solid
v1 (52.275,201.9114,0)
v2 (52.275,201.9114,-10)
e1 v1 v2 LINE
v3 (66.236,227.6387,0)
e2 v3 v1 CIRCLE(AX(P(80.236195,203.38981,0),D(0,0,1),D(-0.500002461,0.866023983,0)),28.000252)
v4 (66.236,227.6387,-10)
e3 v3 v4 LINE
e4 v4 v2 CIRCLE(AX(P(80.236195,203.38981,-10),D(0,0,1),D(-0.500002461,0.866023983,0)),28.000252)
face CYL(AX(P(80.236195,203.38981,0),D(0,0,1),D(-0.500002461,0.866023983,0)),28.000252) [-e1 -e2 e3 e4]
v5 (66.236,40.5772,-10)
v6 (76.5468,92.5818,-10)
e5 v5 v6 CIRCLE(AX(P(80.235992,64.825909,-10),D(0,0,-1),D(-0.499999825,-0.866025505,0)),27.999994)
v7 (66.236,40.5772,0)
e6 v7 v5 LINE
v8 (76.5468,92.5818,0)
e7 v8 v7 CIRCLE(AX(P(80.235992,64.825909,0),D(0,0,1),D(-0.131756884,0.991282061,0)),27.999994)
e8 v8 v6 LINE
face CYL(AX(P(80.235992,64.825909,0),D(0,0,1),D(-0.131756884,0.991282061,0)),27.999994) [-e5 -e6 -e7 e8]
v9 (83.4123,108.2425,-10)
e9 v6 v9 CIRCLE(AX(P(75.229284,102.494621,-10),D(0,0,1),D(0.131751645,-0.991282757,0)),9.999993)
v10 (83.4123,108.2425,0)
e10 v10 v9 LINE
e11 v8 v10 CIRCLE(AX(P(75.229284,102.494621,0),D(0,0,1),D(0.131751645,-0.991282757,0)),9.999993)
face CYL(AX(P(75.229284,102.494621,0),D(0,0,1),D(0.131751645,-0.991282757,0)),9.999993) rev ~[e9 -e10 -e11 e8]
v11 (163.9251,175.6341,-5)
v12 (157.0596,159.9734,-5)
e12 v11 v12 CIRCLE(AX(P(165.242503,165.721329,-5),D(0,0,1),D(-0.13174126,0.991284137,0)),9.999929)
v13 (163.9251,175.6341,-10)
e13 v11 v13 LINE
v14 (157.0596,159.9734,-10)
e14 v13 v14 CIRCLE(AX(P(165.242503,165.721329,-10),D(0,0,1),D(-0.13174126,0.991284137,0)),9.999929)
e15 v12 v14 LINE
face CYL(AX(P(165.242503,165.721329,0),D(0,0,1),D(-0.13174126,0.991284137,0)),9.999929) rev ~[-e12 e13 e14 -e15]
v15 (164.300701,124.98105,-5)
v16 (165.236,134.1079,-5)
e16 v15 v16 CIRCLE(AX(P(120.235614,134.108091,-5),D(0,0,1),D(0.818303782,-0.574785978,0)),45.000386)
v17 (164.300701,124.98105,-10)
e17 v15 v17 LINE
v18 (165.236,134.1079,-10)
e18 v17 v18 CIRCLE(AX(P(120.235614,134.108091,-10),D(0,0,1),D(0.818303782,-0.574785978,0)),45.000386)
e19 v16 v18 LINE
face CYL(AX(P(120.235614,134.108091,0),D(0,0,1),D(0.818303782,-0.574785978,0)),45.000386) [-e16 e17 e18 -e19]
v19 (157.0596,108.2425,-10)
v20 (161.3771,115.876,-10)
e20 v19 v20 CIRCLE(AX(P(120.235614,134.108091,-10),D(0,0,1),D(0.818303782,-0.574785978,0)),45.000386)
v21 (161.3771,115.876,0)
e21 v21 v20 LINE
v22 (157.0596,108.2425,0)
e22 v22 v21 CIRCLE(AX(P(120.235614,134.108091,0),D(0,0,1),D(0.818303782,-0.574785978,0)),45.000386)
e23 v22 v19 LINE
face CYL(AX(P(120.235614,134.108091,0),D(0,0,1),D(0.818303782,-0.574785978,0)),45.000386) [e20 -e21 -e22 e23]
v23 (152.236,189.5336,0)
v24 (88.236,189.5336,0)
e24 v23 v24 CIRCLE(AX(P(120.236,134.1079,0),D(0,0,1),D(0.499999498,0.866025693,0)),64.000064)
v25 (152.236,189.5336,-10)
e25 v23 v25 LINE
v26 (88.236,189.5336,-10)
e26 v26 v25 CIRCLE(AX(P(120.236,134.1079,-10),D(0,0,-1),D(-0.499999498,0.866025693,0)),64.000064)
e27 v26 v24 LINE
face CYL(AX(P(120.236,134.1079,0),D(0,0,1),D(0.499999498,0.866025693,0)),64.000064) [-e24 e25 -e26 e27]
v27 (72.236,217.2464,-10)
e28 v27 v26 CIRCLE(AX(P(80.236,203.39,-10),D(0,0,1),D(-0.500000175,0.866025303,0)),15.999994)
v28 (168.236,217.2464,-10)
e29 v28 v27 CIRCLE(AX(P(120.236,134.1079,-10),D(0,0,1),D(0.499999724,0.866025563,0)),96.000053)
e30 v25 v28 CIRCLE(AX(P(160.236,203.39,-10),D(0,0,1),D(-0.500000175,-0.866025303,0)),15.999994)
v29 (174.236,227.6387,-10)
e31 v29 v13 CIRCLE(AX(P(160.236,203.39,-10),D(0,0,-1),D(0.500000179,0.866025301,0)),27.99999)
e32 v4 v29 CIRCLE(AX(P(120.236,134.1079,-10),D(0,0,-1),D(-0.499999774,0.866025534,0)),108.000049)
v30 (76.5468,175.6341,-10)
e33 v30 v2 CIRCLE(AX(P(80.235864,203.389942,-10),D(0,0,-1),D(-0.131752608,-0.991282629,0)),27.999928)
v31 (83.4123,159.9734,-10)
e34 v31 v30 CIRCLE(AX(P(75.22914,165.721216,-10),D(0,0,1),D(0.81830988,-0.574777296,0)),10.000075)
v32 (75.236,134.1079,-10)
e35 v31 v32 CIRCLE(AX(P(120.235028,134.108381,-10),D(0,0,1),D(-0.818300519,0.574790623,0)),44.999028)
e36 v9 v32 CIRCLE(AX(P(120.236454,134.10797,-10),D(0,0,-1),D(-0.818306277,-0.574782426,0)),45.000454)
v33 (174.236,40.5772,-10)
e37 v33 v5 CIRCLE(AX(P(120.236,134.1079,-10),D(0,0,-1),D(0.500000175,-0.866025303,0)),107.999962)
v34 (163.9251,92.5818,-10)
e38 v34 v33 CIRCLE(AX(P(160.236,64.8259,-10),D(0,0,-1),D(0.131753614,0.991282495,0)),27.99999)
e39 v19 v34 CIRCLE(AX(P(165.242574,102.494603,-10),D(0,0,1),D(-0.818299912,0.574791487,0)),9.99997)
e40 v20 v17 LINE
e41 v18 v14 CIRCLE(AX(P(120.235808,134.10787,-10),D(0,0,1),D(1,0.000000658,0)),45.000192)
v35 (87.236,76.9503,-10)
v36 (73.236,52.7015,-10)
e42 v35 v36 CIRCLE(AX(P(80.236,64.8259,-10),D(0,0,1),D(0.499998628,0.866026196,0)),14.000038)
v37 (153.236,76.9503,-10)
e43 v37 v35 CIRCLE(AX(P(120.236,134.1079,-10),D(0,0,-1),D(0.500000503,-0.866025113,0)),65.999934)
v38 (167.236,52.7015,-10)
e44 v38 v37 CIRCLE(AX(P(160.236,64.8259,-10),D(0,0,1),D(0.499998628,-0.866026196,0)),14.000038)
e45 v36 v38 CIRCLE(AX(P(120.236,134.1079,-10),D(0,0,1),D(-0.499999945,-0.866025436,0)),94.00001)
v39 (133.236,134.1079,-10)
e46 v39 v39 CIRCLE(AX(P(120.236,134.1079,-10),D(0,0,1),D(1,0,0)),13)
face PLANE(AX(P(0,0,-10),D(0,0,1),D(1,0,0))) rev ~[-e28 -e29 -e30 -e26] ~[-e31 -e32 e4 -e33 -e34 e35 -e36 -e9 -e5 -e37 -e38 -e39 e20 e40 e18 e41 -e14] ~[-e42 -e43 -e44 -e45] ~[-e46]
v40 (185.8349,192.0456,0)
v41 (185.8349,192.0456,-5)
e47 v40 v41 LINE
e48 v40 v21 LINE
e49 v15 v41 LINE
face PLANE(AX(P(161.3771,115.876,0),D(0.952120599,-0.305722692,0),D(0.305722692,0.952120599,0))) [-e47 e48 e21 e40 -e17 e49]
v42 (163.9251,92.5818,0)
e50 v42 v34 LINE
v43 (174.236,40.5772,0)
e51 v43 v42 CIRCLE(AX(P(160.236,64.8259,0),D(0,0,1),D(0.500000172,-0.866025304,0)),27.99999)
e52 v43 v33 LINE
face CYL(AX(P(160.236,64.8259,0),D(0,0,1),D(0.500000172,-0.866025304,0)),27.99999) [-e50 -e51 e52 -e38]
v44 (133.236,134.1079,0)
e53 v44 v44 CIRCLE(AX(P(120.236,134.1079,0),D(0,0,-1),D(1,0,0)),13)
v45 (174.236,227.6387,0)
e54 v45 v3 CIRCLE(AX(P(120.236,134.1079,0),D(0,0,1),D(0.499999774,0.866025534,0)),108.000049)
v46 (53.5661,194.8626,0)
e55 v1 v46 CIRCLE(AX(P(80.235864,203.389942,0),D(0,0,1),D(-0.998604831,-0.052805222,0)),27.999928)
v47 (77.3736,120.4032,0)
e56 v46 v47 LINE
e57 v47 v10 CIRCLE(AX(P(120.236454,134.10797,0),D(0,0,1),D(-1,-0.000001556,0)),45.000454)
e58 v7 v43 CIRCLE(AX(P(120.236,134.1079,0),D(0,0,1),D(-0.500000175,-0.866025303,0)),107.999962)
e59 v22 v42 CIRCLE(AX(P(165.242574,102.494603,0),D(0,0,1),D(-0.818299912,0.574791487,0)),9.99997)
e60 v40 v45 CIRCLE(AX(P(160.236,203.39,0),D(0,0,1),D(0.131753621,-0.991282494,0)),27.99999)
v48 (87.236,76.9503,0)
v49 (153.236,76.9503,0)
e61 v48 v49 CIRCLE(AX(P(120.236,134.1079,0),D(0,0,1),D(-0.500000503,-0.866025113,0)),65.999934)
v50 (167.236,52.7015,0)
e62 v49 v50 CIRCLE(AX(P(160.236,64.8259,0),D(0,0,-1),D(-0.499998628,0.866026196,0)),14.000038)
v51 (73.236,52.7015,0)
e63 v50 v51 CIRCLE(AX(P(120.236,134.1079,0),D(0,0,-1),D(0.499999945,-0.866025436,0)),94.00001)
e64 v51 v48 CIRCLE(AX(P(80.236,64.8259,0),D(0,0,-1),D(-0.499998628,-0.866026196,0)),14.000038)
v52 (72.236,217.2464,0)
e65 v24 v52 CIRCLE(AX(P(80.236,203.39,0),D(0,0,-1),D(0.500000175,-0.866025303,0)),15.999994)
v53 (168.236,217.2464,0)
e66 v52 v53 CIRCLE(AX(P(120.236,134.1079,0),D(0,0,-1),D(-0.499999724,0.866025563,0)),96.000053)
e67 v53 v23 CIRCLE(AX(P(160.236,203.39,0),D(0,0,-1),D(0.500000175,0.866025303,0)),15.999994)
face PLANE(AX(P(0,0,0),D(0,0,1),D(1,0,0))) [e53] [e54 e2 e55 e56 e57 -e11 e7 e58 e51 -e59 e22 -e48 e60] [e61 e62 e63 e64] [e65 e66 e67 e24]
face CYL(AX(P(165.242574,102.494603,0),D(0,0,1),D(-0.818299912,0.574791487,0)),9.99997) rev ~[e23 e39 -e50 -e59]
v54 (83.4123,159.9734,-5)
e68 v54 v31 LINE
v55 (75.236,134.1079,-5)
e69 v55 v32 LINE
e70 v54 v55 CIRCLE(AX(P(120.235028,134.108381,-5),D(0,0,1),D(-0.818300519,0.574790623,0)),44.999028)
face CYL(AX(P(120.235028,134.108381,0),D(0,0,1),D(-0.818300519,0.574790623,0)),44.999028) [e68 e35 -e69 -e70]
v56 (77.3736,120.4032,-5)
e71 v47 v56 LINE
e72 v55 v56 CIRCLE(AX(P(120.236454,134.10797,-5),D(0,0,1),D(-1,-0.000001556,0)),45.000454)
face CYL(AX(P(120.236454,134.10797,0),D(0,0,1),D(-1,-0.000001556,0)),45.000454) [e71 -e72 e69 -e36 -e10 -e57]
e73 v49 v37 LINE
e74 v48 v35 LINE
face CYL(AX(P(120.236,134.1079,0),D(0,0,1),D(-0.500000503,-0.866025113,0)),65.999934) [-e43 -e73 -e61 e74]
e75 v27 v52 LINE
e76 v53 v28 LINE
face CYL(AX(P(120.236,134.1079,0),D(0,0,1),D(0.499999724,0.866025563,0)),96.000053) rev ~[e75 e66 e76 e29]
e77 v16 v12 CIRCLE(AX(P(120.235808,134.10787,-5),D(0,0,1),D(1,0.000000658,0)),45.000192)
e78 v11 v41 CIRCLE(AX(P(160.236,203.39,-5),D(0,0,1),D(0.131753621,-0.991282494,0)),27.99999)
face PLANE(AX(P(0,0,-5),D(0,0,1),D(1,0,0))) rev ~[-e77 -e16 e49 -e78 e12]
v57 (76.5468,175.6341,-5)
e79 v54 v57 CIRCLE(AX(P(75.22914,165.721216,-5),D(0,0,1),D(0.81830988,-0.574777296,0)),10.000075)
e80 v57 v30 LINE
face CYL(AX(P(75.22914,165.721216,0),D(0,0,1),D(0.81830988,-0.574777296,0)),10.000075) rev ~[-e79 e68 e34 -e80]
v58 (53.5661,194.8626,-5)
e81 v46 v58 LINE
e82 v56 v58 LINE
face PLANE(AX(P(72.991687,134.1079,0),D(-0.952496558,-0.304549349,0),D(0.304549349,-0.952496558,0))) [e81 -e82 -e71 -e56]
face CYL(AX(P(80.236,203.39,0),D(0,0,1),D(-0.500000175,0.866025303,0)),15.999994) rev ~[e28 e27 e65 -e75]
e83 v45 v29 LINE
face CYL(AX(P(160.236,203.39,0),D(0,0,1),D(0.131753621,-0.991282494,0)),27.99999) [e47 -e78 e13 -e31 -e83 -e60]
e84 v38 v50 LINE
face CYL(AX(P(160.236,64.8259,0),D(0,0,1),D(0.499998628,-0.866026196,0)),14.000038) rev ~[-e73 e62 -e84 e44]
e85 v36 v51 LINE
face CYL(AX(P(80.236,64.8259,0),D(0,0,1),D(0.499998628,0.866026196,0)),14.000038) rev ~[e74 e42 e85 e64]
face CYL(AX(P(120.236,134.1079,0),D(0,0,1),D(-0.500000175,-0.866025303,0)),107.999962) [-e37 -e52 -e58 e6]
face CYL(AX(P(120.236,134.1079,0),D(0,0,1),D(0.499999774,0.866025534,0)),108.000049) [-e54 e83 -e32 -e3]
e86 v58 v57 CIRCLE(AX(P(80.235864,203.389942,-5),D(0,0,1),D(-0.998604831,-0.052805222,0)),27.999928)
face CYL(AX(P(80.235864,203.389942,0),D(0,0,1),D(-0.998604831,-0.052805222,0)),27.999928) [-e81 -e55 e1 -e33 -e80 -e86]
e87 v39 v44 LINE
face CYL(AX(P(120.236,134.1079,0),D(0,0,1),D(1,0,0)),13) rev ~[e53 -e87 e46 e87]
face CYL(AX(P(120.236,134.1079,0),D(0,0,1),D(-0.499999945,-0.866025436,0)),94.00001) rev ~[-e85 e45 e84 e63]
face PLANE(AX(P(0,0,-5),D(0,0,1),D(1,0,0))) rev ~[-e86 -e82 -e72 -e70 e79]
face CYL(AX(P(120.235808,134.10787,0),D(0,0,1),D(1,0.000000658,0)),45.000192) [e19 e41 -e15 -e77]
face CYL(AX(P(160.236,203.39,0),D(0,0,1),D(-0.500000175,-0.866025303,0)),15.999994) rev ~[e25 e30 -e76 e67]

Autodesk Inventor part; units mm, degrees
ref_plane "YZ Plane" through (0, 0, 0) normal (1, 0, 0) x (0, 1, 0)
ref_plane "XZ Plane" through (0, 0, 0) normal (0, 1, 0) x (-1, 0, 0)
ref_plane "XY Plane" through (0, 0, 0) normal (0, 0, 1) x (1, 0, 0)
sketch "Эскиз1" plane through (0, 0, 0) normal (0, 0, 1) x (1, 0, 0)
  circle A0 centre (120.236, 134.1079) radius 13
  arc A1 (165.236, 134.1079) -> (157.0596, 159.9734) centre (120.236, 134.1079) ccw
  arc A2 (168.236, 217.2464) -> (72.236, 217.2464) centre (120.236, 134.1079) ccw
  arc A3 (152.236, 189.5336) -> (88.236, 189.5336) centre (120.236, 134.1079) ccw
  arc A4 (152.236, 189.5336) -> (168.236, 217.2464) centre (160.236, 203.39) ccw
  arc A5 (72.236, 217.2464) -> (88.236, 189.5336) centre (80.236, 203.39) ccw
  arc A6 (174.236, 227.6387) -> (66.236, 227.6387) centre (120.236, 134.1079) ccw
  arc A7 (66.236, 227.6387) -> (52.275, 201.9114) centre (80.236, 203.39) ccw
  line L0 (68.236, 134.1079) -> (172.236, 134.1079)
  arc A8 (75.236, 134.1079) -> (83.4123, 108.2425) centre (120.236, 134.1079) ccw
  arc A9 (52.275, 201.9114) -> (76.5468, 175.6341) centre (80.236, 203.39) ccw
  line L1 (120.236, 242.1079) -> (120.236, 26.1079)
  arc A10 (73.236, 52.7015) -> (167.236, 52.7015) centre (120.236, 134.1079) ccw
  arc A11 (87.236, 76.9503) -> (153.236, 76.9503) centre (120.236, 134.1079) ccw
  arc A12 (87.236, 76.9503) -> (73.236, 52.7015) centre (80.236, 64.8259) ccw
  arc A13 (167.236, 52.7015) -> (153.236, 76.9503) centre (160.236, 64.8259) ccw
  arc A14 (66.236, 40.5772) -> (174.236, 40.5772) centre (120.236, 134.1079) ccw
  arc A15 (174.236, 40.5772) -> (163.9251, 92.5818) centre (160.236, 64.8259) ccw
  arc A16 (76.5468, 92.5818) -> (83.4123, 108.2425) centre (75.2293, 102.4946) ccw
  arc A17 (157.0596, 108.2425) -> (163.9251, 92.5818) centre (165.2426, 102.4946) ccw
  arc A18 (157.0596, 108.2425) -> (165.236, 134.1079) centre (120.236, 134.1079) ccw
  arc A19 (76.5468, 92.5818) -> (66.236, 40.5772) centre (80.236, 64.8259) ccw
  arc A20 (83.4123, 159.9734) -> (76.5468, 175.6341) centre (75.2293, 165.7212) ccw
  arc A21 (83.4123, 159.9734) -> (75.236, 134.1079) centre (120.236, 134.1079) ccw
  arc A22 (163.9251, 175.6341) -> (157.0596, 159.9734) centre (165.2426, 165.7212) ccw
  arc A23 (163.9251, 175.6341) -> (174.236, 227.6387) centre (160.236, 203.39) ccw
  line L2 (161.3771, 115.876) -> (185.8349, 192.0456)
  arc A24 (58.8114, 82.8534) -> (181.6605, 82.8534) centre (120.236, 134.1079) ccw
  arc A25 (181.6605, 185.3625) -> (58.8114, 185.3625) centre (120.236, 134.1079) ccw
  line L3 (120.236, 134.1079) -> (66.236, 40.5772)
  line L4 (120.236, 134.1079) -> (174.236, 40.5772)
  line L5 (120.236, 134.1079) -> (66.236, 227.6387)
  line L6 (120.236, 134.1079) -> (174.236, 227.6387)
  line L7 (53.5661, 194.8626) -> (77.3736, 120.4032)
  point P0 (164.3006, 124.9806)
  point P1 (165.236, 134.1079)
  point P2 (167.2313, 134.1079)
  dimension "d122" = 10
  dimension "d123" = 28
  dimension "d124" = 16
  dimension "d125" = 14
  dimension "d126" = 108
  dimension "d127" = 45
  dimension "d128" = 26
  dimension "d130" = 12.198
  dimension "d131" = 47.802
  dimension "d133" = 0
  dimension "d134" = 4.765
  dimension "d135" = 1.8998
  dimension "d139" = 94.2555
  dimension "d153" = 44.7453
  dimension "d154" = 55.683
  dimension "d155" = 0
  dimension "d156" = 55.683
  dimension "d157" = 0
  dimension "d158" = 81.3984
  dimension "d159" = 1.8998
  dimension "d160" = 77.9423
  dimension "d161" = 0
  dimension "d162" = 85.4495
  dimension "d163" = 89.4905
  dimension "d164" = 0
  dimension "d165" = 89.4905
extrude "Выдавливание3" add sketch "Эскиз1" against normal blind 5 contours L0 A18 L2 A17 A15 A24 A13 L4 A0 | A0 L6 A4 A25 A23 A22 A1 L0 | A0 L1 A3 L6 | L4 A11 L1 A0 | A1 A22 A23 L2 L0 | L0 L2 A18 | A0 L5 A3 L1 | L1 A11 L3 A0 | L0 A21 A20 A9 A25 A5 L5 A0 | A0 L3 A12 A24 A19 A16 A8 L0 | A4 L6 A23 A25 | A24 A15 L4 A13 | A8 L7 L0 | L0 L7 A9 A20 A21 | A2 L1 A6 L6 | L4 A14 L1 A10 | A12 L3 A19 A24 | A25 A9 A7 L5 A5 | A2 L5 A6 L1 | L1 A14 L3 A10
extrude "Выдавливание4" add sketch "Эскиз1" against normal blind 10 contours L0 A18 L2 A17 A15 A24 A13 L4 A0 | A0 L6 A4 A25 A23 A22 A1 L0 | A0 L1 A3 L6 | L4 A11 L1 A0 | A0 L5 A3 L1 | L1 A11 L3 A0 | L0 A21 A20 A9 A25 A5 L5 A0 | A0 L3 A12 A24 A19 A16 A8 L0 | A4 L6 A23 A25 | A24 A15 L4 A13 | A2 L1 A6 L6 | L4 A14 L1 A10 | A12 L3 A19 A24 | A25 A9 A7 L5 A5 | A2 L5 A6 L1 | L1 A14 L3 A10
properties part number "3.2"
